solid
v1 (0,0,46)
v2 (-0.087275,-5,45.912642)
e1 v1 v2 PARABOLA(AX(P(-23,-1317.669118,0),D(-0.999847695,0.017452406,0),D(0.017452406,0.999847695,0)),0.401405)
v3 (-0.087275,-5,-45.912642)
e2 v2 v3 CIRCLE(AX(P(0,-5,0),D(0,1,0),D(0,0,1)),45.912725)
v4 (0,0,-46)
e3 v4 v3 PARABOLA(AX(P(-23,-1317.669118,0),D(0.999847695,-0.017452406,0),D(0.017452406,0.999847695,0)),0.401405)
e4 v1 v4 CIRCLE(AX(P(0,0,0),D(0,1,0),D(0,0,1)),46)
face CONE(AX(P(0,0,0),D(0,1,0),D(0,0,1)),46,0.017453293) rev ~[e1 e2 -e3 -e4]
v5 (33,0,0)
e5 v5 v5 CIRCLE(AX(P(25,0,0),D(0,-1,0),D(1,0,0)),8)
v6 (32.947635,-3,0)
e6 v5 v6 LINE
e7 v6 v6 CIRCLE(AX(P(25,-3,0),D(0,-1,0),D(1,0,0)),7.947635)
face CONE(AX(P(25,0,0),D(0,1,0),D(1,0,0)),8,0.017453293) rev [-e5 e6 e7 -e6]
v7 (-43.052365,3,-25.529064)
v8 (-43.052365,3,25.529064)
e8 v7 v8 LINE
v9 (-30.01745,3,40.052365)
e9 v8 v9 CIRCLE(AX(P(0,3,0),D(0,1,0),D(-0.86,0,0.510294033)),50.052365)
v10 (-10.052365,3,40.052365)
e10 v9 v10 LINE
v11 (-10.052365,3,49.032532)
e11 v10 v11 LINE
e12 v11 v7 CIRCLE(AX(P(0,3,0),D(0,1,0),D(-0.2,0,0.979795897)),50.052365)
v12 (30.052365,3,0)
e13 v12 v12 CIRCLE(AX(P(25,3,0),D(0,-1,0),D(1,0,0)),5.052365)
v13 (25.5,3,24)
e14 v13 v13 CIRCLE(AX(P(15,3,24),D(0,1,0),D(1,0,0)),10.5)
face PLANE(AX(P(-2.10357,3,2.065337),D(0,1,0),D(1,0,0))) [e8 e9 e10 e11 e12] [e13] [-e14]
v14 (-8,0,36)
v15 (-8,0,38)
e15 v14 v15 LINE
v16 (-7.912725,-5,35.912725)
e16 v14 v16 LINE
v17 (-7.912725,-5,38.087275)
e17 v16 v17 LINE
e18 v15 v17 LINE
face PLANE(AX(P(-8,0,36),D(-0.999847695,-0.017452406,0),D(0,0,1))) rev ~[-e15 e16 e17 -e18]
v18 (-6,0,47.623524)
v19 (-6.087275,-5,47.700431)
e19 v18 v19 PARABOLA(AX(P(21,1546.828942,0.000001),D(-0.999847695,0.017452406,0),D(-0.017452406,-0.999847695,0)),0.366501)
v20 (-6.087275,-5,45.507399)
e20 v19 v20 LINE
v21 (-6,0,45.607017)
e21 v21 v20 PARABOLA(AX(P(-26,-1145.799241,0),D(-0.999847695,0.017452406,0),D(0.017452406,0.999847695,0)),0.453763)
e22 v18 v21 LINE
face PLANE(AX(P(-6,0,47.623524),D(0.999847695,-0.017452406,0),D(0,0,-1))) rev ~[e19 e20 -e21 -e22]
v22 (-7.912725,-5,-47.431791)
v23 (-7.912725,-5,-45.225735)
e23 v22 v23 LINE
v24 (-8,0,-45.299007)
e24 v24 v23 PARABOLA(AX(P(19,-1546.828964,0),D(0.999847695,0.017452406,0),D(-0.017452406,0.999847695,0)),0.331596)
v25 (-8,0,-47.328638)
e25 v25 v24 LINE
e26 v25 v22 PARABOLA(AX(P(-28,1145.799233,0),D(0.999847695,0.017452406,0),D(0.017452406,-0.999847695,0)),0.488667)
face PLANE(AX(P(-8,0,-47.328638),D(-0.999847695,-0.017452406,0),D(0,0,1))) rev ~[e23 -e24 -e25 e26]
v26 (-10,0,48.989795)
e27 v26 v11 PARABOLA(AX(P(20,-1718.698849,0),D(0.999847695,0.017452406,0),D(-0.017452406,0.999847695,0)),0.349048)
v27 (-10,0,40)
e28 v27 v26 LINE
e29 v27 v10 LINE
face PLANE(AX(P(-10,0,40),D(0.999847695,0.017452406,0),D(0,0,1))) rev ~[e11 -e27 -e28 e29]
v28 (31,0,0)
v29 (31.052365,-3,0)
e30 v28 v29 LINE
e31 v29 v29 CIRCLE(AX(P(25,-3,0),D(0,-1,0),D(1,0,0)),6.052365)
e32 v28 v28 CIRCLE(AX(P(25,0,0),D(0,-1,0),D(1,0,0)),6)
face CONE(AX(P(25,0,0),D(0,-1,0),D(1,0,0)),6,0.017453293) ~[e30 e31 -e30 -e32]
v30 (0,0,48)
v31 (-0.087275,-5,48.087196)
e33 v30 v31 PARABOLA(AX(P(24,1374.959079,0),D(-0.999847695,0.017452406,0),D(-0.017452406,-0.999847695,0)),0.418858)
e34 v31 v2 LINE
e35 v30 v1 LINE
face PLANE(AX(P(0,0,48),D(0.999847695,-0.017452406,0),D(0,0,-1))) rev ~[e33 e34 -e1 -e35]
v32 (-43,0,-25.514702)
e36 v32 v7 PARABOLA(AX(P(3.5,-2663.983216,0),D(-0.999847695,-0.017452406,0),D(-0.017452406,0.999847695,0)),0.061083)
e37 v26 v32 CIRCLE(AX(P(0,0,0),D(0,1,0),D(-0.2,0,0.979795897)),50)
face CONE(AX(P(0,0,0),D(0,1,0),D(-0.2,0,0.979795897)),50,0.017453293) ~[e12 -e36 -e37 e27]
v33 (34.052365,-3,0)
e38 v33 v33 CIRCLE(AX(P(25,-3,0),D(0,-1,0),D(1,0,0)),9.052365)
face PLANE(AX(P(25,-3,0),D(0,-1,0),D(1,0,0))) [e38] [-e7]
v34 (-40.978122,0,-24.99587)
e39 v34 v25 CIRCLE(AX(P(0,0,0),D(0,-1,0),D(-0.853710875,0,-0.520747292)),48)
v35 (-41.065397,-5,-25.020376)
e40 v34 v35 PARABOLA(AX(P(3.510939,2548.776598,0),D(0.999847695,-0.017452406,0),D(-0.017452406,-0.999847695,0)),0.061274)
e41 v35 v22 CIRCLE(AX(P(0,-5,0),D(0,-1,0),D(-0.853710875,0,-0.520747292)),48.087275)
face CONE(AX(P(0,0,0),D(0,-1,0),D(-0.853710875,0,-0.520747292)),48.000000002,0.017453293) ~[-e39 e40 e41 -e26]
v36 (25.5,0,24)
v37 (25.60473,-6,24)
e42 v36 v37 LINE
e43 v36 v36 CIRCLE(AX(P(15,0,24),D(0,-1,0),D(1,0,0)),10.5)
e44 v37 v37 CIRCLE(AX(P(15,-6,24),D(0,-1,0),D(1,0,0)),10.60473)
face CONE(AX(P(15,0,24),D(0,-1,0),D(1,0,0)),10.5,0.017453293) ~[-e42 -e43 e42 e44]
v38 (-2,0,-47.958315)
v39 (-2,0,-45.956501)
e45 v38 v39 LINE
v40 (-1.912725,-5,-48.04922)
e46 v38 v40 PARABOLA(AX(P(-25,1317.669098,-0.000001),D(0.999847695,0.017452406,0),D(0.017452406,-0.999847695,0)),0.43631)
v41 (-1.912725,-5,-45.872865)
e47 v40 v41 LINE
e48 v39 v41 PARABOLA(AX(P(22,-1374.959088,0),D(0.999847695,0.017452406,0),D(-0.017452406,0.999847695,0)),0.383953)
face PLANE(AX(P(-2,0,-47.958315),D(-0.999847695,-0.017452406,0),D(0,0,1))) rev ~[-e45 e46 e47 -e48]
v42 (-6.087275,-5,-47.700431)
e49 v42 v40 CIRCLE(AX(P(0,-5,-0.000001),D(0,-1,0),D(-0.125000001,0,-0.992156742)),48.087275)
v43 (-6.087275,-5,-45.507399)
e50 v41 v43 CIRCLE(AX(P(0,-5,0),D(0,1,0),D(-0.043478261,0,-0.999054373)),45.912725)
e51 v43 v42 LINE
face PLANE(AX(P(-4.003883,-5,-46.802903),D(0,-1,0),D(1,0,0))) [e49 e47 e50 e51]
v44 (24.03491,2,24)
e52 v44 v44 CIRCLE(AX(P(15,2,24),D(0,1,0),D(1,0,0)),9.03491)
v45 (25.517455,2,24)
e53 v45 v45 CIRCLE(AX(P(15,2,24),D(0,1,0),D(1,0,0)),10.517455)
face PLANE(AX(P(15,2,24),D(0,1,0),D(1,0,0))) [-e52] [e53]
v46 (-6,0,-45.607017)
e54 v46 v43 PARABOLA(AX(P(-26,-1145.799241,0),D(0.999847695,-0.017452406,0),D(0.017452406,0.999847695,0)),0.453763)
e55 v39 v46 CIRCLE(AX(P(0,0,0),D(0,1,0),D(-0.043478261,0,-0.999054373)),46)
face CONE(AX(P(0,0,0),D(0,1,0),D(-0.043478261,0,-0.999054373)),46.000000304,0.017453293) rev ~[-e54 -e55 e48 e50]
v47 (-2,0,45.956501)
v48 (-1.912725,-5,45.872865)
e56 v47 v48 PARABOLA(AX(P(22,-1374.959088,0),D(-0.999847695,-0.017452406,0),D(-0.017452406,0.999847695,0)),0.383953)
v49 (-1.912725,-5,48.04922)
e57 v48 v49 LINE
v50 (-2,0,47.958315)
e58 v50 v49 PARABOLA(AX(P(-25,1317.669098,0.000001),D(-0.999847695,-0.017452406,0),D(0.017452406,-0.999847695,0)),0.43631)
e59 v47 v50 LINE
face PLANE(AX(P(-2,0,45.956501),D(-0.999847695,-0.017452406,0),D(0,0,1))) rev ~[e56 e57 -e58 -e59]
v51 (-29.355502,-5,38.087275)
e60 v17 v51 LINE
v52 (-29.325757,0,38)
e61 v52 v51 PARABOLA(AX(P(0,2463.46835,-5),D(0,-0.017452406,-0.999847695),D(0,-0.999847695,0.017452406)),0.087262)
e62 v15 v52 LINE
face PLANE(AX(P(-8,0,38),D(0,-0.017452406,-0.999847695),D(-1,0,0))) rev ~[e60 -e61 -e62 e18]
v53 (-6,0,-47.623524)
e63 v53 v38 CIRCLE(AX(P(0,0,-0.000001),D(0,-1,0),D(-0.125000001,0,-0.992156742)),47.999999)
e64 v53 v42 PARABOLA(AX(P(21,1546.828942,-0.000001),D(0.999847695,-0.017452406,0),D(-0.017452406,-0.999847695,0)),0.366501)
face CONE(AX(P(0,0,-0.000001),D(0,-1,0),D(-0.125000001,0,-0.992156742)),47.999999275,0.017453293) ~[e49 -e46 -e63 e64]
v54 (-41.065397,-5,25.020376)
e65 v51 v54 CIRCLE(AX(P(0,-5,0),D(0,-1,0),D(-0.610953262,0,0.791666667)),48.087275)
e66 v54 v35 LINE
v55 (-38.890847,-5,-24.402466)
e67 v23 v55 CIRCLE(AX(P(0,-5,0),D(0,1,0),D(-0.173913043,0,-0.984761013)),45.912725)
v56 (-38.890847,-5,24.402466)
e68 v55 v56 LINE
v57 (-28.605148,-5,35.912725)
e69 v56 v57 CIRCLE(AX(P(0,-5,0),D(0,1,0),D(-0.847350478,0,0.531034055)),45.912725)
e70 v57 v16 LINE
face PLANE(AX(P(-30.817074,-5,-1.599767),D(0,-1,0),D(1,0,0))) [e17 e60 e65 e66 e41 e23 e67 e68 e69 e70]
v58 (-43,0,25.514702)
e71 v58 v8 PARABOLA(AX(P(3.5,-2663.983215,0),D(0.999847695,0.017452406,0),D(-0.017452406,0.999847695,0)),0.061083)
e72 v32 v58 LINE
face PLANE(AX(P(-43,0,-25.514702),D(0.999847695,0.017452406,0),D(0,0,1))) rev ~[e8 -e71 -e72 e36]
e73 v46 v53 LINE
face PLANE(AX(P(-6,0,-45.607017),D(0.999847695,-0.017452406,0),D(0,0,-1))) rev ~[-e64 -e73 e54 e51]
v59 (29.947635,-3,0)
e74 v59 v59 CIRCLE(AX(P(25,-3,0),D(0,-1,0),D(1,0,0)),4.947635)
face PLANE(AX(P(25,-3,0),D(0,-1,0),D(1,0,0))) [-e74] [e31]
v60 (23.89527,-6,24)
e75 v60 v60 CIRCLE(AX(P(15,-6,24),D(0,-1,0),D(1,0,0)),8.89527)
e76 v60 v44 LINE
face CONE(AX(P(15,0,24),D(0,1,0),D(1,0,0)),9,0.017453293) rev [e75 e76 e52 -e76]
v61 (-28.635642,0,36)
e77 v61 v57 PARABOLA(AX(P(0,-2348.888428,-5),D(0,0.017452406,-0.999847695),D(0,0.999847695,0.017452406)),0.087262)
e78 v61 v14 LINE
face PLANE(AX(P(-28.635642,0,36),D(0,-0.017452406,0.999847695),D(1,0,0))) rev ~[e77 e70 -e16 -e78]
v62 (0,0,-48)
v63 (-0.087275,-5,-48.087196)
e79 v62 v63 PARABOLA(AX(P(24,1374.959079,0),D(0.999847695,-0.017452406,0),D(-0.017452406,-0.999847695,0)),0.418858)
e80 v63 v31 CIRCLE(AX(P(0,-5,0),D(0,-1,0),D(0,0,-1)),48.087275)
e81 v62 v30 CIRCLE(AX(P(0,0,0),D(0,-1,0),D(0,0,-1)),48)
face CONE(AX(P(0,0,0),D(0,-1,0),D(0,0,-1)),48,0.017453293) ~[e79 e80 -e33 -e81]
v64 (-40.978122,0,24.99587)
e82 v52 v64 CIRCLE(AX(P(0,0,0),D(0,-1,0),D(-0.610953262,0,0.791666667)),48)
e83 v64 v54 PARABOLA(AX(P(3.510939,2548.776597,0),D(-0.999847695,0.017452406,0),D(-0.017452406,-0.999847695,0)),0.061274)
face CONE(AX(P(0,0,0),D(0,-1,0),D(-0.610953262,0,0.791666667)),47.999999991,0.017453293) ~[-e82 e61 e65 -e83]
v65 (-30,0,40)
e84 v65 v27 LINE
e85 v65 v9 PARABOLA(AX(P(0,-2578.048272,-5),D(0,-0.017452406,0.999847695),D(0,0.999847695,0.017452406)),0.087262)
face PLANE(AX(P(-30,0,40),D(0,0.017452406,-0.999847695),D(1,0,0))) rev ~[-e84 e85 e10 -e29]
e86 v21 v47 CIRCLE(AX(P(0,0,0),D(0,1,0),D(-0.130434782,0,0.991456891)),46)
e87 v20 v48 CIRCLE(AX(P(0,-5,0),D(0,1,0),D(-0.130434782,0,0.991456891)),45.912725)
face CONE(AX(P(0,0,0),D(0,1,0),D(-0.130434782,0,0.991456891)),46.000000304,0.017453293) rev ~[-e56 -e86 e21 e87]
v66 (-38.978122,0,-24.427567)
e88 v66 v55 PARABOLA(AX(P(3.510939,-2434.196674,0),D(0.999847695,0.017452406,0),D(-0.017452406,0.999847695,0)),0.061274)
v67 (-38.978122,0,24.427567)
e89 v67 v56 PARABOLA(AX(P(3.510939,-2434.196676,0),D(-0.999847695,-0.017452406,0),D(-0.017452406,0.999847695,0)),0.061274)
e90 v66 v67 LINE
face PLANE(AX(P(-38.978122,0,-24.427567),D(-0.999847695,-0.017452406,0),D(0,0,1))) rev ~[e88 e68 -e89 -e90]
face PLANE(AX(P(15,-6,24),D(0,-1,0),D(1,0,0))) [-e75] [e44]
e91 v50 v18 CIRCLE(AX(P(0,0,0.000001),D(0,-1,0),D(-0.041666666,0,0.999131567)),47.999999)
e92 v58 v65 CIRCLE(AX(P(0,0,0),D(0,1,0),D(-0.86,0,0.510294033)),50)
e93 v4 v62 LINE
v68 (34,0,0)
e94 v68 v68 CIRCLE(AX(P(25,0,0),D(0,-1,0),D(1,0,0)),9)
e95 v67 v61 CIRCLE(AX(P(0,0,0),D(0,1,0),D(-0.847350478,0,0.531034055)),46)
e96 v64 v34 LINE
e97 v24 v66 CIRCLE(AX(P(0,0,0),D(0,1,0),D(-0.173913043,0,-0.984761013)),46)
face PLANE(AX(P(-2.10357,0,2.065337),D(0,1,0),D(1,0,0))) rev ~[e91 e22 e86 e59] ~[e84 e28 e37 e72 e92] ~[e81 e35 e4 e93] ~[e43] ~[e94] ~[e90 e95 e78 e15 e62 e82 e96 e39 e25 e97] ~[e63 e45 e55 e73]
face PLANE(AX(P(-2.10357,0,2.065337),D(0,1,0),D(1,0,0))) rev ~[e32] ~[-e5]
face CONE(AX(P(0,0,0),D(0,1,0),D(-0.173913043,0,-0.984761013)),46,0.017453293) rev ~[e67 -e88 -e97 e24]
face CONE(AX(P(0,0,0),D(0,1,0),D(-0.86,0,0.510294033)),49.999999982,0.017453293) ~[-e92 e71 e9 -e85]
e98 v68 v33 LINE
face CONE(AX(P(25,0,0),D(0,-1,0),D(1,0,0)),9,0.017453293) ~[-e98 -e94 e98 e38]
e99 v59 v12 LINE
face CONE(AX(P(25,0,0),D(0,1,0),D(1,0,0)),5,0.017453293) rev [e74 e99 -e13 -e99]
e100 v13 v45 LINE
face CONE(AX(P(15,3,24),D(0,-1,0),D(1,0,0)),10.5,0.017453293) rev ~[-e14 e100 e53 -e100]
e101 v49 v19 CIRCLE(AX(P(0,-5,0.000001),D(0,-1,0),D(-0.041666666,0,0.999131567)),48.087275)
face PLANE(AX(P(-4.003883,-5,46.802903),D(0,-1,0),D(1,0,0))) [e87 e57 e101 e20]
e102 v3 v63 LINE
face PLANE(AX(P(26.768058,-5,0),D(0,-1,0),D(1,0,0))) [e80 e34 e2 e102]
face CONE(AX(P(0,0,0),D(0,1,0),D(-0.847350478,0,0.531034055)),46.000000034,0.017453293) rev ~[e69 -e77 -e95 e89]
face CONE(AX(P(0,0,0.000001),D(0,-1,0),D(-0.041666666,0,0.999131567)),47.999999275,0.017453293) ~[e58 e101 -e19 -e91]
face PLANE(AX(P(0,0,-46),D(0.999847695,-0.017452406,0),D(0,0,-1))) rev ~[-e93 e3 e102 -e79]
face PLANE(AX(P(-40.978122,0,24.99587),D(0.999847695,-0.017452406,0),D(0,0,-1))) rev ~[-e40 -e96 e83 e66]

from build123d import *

# Parameters (mm, degrees)
BOSS_EXTRUDE1_DEPTH           = 3
BOSS_EXTRUDE1_DRAFT           = -1
BOSS_EXTRUDE2_DEPTH           = 5
BOSS_EXTRUDE2_DRAFT           = -1
BOSS_EXTRUDE2_PROFILE_2_DEPTH = 5
BOSS_EXTRUDE2_PROFILE_2_DRAFT = -1
BOSS_EXTRUDE2_PROFILE_3_DEPTH = 5
BOSS_EXTRUDE2_PROFILE_3_DRAFT = -1
BOSS_EXTRUDE2_PROFILE_4_DEPTH = 5
BOSS_EXTRUDE2_PROFILE_4_DRAFT = -1
SKETCH3_R                     = 5
CUT_EXTRUDE1_DEPTH            = 3
CUT_EXTRUDE1_DRAFT            = 1
SKETCH3_R_2                   = 9
CUT_EXTRUDE1_PROFILE_2_DEPTH  = 3
CUT_EXTRUDE1_PROFILE_2_DRAFT  = 1
SKETCH4_R                     = 9
SKETCH4_R_2                   = 8
BOSS_EXTRUDE3_DEPTH           = 3
BOSS_EXTRUDE3_DRAFT           = -1
SKETCH4_3_R                   = 6
SKETCH4_3_R_2                 = 5
BOSS_EXTRUDE4_DEPTH           = 3
BOSS_EXTRUDE4_DRAFT           = -1
SKETCH6_R                     = 10.5
SKETCH6_R_2                   = 9
BOSS_EXTRUDE5_DEPTH           = 6
BOSS_EXTRUDE5_DRAFT           = -1
SKETCH7_R                     = 10.5
SKETCH7_R_2                   = 9
CUT_EXTRUDE2_DEPTH            = 1
CUT_EXTRUDE2_DRAFT            = 1


with BuildPart() as part:
    # Sketch1 → Boss-Extrude1 (with draft: the straight prism first)
    with BuildSketch(Plane(origin=(0, 0, 0), x_dir=(1, 0, 0), z_dir=(0, 1, 0))):
        with BuildLine():
            Line((-43, 25.514701644), (-43, -25.514701644))
            ThreePointArc((-43, -25.514701644), (-37.211637523, -33.396018219), (-30, -40))
            Line((-30, -40), (-10, -40))
            Line((-10, -40), (-10, -48.989794856))
            ThreePointArc((-10, -48.989794856), (45.716299059, 20.248950598), (-43, 25.514701644))
        make_face()
    extrude(amount=BOSS_EXTRUDE1_DEPTH)
    # Boss-Extrude1: the draft: its side faces are tilted about the plane it starts from
    boss_extrude1_sides = [part.faces().sort_by_distance(p)[0] for p in [
        (-43, 1.5, 0),
        (-37.211637523, 1.5, 33.396018219),
        (-20, 1.5, 40),
        (-10, 1.5, 44.494897428),
        (45.716299059, 1.5, -20.248950598),
    ]]
    draft(boss_extrude1_sides, Plane(origin=(0, 0, 0), x_dir=(1, 0, 0), z_dir=(0, 1, 0)), BOSS_EXTRUDE1_DRAFT)


with BuildPart() as boss_extrude2_tool:
    # Sketch2 → Boss-Extrude2 (with draft: the straight prism first)
    with BuildSketch(Plane.XZ):
        with BuildLine():
            Line((-40.978122, 24.995870006), (-40.978122, -24.995870006))
            ThreePointArc((-40.978122, -24.995870006), (-26.914721681, -39.744153744), (-8, -47.328638265))
            Line((-8, -47.328638265), (-8, -45.299006612))
            ThreePointArc((-8, -45.299006612), (-25.702922785, -38.149177715), (-38.978122, -24.427566505))
            Line((-38.978122, -24.427566505), (-38.978122, 24.427566505))
            ThreePointArc((-38.978122, 24.427566505), (-34.298477795, 30.653130687), (-28.635642127, 36))
            Line((-28.635642127, 36), (-8, 36))
            Line((-8, 36), (-8, 38))
            Line((-8, 38), (-29.325756597, 38))
            ThreePointArc((-29.325756597, 38), (-35.748226329, 32.032238672), (-40.978122, 24.995870006))
        make_face()
    extrude(amount=BOSS_EXTRUDE2_DEPTH)
    # Boss-Extrude2: the draft: its side faces are tilted about the plane it starts from
    boss_extrude2_sides = [boss_extrude2_tool.faces().sort_by_distance(p)[0] for p in [
        (-38.978122, -2.5, 0),
        (-34.298477795, -2.5, 30.653130687),
        (-18.317821063, -2.5, 36),
        (-8, -2.5, 37),
        (-18.662878299, -2.5, 38),
        (-35.748226329, -2.5, 32.032238672),
        (-40.978122, -2.5, 0),
        (-26.914721681, -2.5, -39.744153744),
        (-8, -2.5, -46.313822438),
        (-25.702922785, -2.5, -38.149177715),
    ]]
    draft(boss_extrude2_sides, Plane.XZ, BOSS_EXTRUDE2_DRAFT)


with BuildPart() as part_1:
    add(part.part)

    # Boss-Extrude2: add boss_extrude2_tool
    add(boss_extrude2_tool.part)


with BuildPart() as boss_extrude2_profile_2_tool:
    # Sketch2 → Boss-Extrude2 profile 2 (with draft: the straight prism first)
    with BuildSketch(Plane.XZ):
        with BuildLine():
            ThreePointArc((-6, 45.607017004), (-4.00381503, 45.825423786), (-2, 45.956501172))
            Line((-2, 45.956501172), (-2, 47.958315233))
            ThreePointArc((-2, 47.958315233), (-4.003501138, 47.832750064), (-6, 47.623523599))
            Line((-6, 47.623523599), (-6, 45.607017004))
        make_face()
    extrude(amount=BOSS_EXTRUDE2_PROFILE_2_DEPTH)
    # Boss-Extrude2 profile 2: the draft: its side faces are tilted about the plane it starts from
    boss_extrude2_profile_2_sides = [boss_extrude2_profile_2_tool.faces().sort_by_distance(p)[0] for p in [
        (-4.00381503, -2.5, 45.825423786),
        (-2, -2.5, 46.957408203),
        (-4.003501138, -2.5, 47.832750064),
        (-6, -2.5, 46.615270302),
    ]]
    draft(boss_extrude2_profile_2_sides, Plane.XZ, BOSS_EXTRUDE2_PROFILE_2_DRAFT)


with BuildPart() as part_2:
    add(part_1.part)

    # Boss-Extrude2 profile 2: add boss_extrude2_profile_2_tool
    add(boss_extrude2_profile_2_tool.part)


with BuildPart() as boss_extrude2_profile_3_tool:
    # Sketch2 → Boss-Extrude2 profile 3 (with draft: the straight prism first)
    with BuildSketch(Plane.XZ):
        with BuildLine():
            Line((-6, -45.607017004), (-6, -47.623523599))
            ThreePointArc((-6, -47.623523599), (-4.003501138, -47.832750064), (-2, -47.958315233))
            Line((-2, -47.958315233), (-2, -45.956501172))
            ThreePointArc((-2, -45.956501172), (-4.00381503, -45.825423786), (-6, -45.607017004))
        make_face()
    extrude(amount=BOSS_EXTRUDE2_PROFILE_3_DEPTH)
    # Boss-Extrude2 profile 3: the draft: its side faces are tilted about the plane it starts from
    boss_extrude2_profile_3_sides = [boss_extrude2_profile_3_tool.faces().sort_by_distance(p)[0] for p in [
        (-4.00381503, -2.5, -45.825423786),
        (-6, -2.5, -46.615270302),
        (-4.003501138, -2.5, -47.832750064),
        (-2, -2.5, -46.957408203),
    ]]
    draft(boss_extrude2_profile_3_sides, Plane.XZ, BOSS_EXTRUDE2_PROFILE_3_DRAFT)


with BuildPart() as part_3:
    add(part_2.part)

    # Boss-Extrude2 profile 3: add boss_extrude2_profile_3_tool
    add(boss_extrude2_profile_3_tool.part)


with BuildPart() as boss_extrude2_profile_4_tool:
    # Sketch2 → Boss-Extrude2 profile 4 (with draft: the straight prism first)
    with BuildSketch(Plane.XZ):
        with BuildLine():
            ThreePointArc((0, 46), (46, 0), (0, -46))
            Line((0, -46), (0, -48))
            ThreePointArc((0, -48), (48, 0), (0, 48))
            Line((0, 48), (0, 46))
        make_face()
    extrude(amount=BOSS_EXTRUDE2_PROFILE_4_DEPTH)
    # Boss-Extrude2 profile 4: the draft: its side faces are tilted about the plane it starts from
    boss_extrude2_profile_4_sides = [boss_extrude2_profile_4_tool.faces().sort_by_distance(p)[0] for p in [
        (0, -2.5, -47),
        (48, -2.5, 0),
        (0, -2.5, 47),
        (46, -2.5, 0),
    ]]
    draft(boss_extrude2_profile_4_sides, Plane.XZ, BOSS_EXTRUDE2_PROFILE_4_DRAFT)


with BuildPart() as part_4:
    add(part_3.part)

    # Boss-Extrude2 profile 4: add boss_extrude2_profile_4_tool
    add(boss_extrude2_profile_4_tool.part)


with BuildPart() as cut_extrude1_tool:
    # Sketch3 → Cut-Extrude1 (with draft: the straight prism first)
    with BuildSketch(Plane.XZ):
        with Locations((25, 0)):
            Circle(SKETCH3_R)
    extrude(amount=-CUT_EXTRUDE1_DEPTH)
    # Cut-Extrude1: the draft: its side faces are tilted about the plane it starts from
    cut_extrude1_sides = [cut_extrude1_tool.faces().sort_by_distance(p)[0] for p in [
        (20, 1.5, 0),
    ]]
    draft(cut_extrude1_sides, Plane.XZ, CUT_EXTRUDE1_DRAFT)


with BuildPart() as part_5:
    add(part_4.part)

    # Cut-Extrude1: cut by cut_extrude1_tool
    add(cut_extrude1_tool.part, mode=Mode.SUBTRACT)


with BuildPart() as cut_extrude1_profile_2_tool:
    # Sketch3 → Cut-Extrude1 profile 2 (with draft: the straight prism first)
    with BuildSketch(Plane.XZ):
        with Locations((15, 24)):
            Circle(SKETCH3_R_2)
    extrude(amount=-CUT_EXTRUDE1_PROFILE_2_DEPTH)
    # Cut-Extrude1 profile 2: the draft: its side faces are tilted about the plane it starts from
    cut_extrude1_profile_2_sides = [cut_extrude1_profile_2_tool.faces().sort_by_distance(p)[0] for p in [
        (6, 1.5, 24),
    ]]
    draft(cut_extrude1_profile_2_sides, Plane.XZ, CUT_EXTRUDE1_PROFILE_2_DRAFT)


with BuildPart() as part_6:
    add(part_5.part)

    # Cut-Extrude1 profile 2: cut by cut_extrude1_profile_2_tool
    add(cut_extrude1_profile_2_tool.part, mode=Mode.SUBTRACT)


with BuildPart() as boss_extrude3_tool:
    # Sketch4 → Boss-Extrude3 (with draft: the straight prism first)
    with BuildSketch(Plane.XZ):
        with Locations((25, 0)):
            Circle(SKETCH4_R)
        with Locations((25, 0)):
            Circle(SKETCH4_R_2, mode=Mode.SUBTRACT)
    extrude(amount=BOSS_EXTRUDE3_DEPTH)
    # Boss-Extrude3: the draft: its side faces are tilted about the plane it starts from
    boss_extrude3_sides = [boss_extrude3_tool.faces().sort_by_distance(p)[0] for p in [
        (16, -1.5, 0),
        (17, -1.5, 0),
    ]]
    draft(boss_extrude3_sides, Plane.XZ, BOSS_EXTRUDE3_DRAFT)


with BuildPart() as part_7:
    add(part_6.part)

    # Boss-Extrude3: add boss_extrude3_tool
    add(boss_extrude3_tool.part)


with BuildPart() as boss_extrude4_tool:
    # Sketch4<3> → Boss-Extrude4 (with draft: the straight prism first)
    with BuildSketch(Plane.XZ):
        with Locations((25, 0)):
            Circle(SKETCH4_3_R)
        with Locations((25, 0)):
            Circle(SKETCH4_3_R_2, mode=Mode.SUBTRACT)
    extrude(amount=BOSS_EXTRUDE4_DEPTH)
    # Boss-Extrude4: the draft: its side faces are tilted about the plane it starts from
    boss_extrude4_sides = [boss_extrude4_tool.faces().sort_by_distance(p)[0] for p in [
        (19, -1.5, 0),
        (20, -1.5, 0),
    ]]
    draft(boss_extrude4_sides, Plane.XZ, BOSS_EXTRUDE4_DRAFT)


with BuildPart() as part_8:
    add(part_7.part)

    # Boss-Extrude4: add boss_extrude4_tool
    add(boss_extrude4_tool.part)


with BuildPart() as boss_extrude5_tool:
    # Sketch6 → Boss-Extrude5 (with draft: the straight prism first)
    with BuildSketch(Plane.XZ):
        with Locations((15, 24)):
            Circle(SKETCH6_R)
        with Locations((15, 24)):
            Circle(SKETCH6_R_2, mode=Mode.SUBTRACT)
    extrude(amount=BOSS_EXTRUDE5_DEPTH)
    # Boss-Extrude5: the draft: its side faces are tilted about the plane it starts from
    boss_extrude5_sides = [boss_extrude5_tool.faces().sort_by_distance(p)[0] for p in [
        (4.5, -3, 24),
        (6, -3, 24),
    ]]
    draft(boss_extrude5_sides, Plane.XZ, BOSS_EXTRUDE5_DRAFT)


with BuildPart() as part_9:
    add(part_8.part)

    # Boss-Extrude5: add boss_extrude5_tool
    add(boss_extrude5_tool.part)


with BuildPart() as cut_extrude2_tool:
    # Sketch7 → Cut-Extrude2 (with draft: the straight prism first)
    with BuildSketch(Plane(origin=(0, 3, 0), x_dir=(1, 0, 0), z_dir=(0, 1, 0))):
        with Locations((15, -24)):
            Circle(SKETCH7_R)
        with Locations((15, -24)):
            Circle(SKETCH7_R_2, mode=Mode.SUBTRACT)
    extrude(amount=-CUT_EXTRUDE2_DEPTH)
    # Cut-Extrude2: the draft: its side faces are tilted about the plane it starts from
    cut_extrude2_sides = [cut_extrude2_tool.faces().sort_by_distance(p)[0] for p in [
        (4.5, 2.5, 24),
        (6, 2.5, 24),
    ]]
    draft(cut_extrude2_sides, Plane(origin=(0, 3, 0), x_dir=(1, 0, 0), z_dir=(0, 1, 0)), CUT_EXTRUDE2_DRAFT)


with BuildPart() as part_10:
    add(part_9.part)

    # Cut-Extrude2: cut by cut_extrude2_tool
    add(cut_extrude2_tool.part, mode=Mode.SUBTRACT)


solid = part_10.part
